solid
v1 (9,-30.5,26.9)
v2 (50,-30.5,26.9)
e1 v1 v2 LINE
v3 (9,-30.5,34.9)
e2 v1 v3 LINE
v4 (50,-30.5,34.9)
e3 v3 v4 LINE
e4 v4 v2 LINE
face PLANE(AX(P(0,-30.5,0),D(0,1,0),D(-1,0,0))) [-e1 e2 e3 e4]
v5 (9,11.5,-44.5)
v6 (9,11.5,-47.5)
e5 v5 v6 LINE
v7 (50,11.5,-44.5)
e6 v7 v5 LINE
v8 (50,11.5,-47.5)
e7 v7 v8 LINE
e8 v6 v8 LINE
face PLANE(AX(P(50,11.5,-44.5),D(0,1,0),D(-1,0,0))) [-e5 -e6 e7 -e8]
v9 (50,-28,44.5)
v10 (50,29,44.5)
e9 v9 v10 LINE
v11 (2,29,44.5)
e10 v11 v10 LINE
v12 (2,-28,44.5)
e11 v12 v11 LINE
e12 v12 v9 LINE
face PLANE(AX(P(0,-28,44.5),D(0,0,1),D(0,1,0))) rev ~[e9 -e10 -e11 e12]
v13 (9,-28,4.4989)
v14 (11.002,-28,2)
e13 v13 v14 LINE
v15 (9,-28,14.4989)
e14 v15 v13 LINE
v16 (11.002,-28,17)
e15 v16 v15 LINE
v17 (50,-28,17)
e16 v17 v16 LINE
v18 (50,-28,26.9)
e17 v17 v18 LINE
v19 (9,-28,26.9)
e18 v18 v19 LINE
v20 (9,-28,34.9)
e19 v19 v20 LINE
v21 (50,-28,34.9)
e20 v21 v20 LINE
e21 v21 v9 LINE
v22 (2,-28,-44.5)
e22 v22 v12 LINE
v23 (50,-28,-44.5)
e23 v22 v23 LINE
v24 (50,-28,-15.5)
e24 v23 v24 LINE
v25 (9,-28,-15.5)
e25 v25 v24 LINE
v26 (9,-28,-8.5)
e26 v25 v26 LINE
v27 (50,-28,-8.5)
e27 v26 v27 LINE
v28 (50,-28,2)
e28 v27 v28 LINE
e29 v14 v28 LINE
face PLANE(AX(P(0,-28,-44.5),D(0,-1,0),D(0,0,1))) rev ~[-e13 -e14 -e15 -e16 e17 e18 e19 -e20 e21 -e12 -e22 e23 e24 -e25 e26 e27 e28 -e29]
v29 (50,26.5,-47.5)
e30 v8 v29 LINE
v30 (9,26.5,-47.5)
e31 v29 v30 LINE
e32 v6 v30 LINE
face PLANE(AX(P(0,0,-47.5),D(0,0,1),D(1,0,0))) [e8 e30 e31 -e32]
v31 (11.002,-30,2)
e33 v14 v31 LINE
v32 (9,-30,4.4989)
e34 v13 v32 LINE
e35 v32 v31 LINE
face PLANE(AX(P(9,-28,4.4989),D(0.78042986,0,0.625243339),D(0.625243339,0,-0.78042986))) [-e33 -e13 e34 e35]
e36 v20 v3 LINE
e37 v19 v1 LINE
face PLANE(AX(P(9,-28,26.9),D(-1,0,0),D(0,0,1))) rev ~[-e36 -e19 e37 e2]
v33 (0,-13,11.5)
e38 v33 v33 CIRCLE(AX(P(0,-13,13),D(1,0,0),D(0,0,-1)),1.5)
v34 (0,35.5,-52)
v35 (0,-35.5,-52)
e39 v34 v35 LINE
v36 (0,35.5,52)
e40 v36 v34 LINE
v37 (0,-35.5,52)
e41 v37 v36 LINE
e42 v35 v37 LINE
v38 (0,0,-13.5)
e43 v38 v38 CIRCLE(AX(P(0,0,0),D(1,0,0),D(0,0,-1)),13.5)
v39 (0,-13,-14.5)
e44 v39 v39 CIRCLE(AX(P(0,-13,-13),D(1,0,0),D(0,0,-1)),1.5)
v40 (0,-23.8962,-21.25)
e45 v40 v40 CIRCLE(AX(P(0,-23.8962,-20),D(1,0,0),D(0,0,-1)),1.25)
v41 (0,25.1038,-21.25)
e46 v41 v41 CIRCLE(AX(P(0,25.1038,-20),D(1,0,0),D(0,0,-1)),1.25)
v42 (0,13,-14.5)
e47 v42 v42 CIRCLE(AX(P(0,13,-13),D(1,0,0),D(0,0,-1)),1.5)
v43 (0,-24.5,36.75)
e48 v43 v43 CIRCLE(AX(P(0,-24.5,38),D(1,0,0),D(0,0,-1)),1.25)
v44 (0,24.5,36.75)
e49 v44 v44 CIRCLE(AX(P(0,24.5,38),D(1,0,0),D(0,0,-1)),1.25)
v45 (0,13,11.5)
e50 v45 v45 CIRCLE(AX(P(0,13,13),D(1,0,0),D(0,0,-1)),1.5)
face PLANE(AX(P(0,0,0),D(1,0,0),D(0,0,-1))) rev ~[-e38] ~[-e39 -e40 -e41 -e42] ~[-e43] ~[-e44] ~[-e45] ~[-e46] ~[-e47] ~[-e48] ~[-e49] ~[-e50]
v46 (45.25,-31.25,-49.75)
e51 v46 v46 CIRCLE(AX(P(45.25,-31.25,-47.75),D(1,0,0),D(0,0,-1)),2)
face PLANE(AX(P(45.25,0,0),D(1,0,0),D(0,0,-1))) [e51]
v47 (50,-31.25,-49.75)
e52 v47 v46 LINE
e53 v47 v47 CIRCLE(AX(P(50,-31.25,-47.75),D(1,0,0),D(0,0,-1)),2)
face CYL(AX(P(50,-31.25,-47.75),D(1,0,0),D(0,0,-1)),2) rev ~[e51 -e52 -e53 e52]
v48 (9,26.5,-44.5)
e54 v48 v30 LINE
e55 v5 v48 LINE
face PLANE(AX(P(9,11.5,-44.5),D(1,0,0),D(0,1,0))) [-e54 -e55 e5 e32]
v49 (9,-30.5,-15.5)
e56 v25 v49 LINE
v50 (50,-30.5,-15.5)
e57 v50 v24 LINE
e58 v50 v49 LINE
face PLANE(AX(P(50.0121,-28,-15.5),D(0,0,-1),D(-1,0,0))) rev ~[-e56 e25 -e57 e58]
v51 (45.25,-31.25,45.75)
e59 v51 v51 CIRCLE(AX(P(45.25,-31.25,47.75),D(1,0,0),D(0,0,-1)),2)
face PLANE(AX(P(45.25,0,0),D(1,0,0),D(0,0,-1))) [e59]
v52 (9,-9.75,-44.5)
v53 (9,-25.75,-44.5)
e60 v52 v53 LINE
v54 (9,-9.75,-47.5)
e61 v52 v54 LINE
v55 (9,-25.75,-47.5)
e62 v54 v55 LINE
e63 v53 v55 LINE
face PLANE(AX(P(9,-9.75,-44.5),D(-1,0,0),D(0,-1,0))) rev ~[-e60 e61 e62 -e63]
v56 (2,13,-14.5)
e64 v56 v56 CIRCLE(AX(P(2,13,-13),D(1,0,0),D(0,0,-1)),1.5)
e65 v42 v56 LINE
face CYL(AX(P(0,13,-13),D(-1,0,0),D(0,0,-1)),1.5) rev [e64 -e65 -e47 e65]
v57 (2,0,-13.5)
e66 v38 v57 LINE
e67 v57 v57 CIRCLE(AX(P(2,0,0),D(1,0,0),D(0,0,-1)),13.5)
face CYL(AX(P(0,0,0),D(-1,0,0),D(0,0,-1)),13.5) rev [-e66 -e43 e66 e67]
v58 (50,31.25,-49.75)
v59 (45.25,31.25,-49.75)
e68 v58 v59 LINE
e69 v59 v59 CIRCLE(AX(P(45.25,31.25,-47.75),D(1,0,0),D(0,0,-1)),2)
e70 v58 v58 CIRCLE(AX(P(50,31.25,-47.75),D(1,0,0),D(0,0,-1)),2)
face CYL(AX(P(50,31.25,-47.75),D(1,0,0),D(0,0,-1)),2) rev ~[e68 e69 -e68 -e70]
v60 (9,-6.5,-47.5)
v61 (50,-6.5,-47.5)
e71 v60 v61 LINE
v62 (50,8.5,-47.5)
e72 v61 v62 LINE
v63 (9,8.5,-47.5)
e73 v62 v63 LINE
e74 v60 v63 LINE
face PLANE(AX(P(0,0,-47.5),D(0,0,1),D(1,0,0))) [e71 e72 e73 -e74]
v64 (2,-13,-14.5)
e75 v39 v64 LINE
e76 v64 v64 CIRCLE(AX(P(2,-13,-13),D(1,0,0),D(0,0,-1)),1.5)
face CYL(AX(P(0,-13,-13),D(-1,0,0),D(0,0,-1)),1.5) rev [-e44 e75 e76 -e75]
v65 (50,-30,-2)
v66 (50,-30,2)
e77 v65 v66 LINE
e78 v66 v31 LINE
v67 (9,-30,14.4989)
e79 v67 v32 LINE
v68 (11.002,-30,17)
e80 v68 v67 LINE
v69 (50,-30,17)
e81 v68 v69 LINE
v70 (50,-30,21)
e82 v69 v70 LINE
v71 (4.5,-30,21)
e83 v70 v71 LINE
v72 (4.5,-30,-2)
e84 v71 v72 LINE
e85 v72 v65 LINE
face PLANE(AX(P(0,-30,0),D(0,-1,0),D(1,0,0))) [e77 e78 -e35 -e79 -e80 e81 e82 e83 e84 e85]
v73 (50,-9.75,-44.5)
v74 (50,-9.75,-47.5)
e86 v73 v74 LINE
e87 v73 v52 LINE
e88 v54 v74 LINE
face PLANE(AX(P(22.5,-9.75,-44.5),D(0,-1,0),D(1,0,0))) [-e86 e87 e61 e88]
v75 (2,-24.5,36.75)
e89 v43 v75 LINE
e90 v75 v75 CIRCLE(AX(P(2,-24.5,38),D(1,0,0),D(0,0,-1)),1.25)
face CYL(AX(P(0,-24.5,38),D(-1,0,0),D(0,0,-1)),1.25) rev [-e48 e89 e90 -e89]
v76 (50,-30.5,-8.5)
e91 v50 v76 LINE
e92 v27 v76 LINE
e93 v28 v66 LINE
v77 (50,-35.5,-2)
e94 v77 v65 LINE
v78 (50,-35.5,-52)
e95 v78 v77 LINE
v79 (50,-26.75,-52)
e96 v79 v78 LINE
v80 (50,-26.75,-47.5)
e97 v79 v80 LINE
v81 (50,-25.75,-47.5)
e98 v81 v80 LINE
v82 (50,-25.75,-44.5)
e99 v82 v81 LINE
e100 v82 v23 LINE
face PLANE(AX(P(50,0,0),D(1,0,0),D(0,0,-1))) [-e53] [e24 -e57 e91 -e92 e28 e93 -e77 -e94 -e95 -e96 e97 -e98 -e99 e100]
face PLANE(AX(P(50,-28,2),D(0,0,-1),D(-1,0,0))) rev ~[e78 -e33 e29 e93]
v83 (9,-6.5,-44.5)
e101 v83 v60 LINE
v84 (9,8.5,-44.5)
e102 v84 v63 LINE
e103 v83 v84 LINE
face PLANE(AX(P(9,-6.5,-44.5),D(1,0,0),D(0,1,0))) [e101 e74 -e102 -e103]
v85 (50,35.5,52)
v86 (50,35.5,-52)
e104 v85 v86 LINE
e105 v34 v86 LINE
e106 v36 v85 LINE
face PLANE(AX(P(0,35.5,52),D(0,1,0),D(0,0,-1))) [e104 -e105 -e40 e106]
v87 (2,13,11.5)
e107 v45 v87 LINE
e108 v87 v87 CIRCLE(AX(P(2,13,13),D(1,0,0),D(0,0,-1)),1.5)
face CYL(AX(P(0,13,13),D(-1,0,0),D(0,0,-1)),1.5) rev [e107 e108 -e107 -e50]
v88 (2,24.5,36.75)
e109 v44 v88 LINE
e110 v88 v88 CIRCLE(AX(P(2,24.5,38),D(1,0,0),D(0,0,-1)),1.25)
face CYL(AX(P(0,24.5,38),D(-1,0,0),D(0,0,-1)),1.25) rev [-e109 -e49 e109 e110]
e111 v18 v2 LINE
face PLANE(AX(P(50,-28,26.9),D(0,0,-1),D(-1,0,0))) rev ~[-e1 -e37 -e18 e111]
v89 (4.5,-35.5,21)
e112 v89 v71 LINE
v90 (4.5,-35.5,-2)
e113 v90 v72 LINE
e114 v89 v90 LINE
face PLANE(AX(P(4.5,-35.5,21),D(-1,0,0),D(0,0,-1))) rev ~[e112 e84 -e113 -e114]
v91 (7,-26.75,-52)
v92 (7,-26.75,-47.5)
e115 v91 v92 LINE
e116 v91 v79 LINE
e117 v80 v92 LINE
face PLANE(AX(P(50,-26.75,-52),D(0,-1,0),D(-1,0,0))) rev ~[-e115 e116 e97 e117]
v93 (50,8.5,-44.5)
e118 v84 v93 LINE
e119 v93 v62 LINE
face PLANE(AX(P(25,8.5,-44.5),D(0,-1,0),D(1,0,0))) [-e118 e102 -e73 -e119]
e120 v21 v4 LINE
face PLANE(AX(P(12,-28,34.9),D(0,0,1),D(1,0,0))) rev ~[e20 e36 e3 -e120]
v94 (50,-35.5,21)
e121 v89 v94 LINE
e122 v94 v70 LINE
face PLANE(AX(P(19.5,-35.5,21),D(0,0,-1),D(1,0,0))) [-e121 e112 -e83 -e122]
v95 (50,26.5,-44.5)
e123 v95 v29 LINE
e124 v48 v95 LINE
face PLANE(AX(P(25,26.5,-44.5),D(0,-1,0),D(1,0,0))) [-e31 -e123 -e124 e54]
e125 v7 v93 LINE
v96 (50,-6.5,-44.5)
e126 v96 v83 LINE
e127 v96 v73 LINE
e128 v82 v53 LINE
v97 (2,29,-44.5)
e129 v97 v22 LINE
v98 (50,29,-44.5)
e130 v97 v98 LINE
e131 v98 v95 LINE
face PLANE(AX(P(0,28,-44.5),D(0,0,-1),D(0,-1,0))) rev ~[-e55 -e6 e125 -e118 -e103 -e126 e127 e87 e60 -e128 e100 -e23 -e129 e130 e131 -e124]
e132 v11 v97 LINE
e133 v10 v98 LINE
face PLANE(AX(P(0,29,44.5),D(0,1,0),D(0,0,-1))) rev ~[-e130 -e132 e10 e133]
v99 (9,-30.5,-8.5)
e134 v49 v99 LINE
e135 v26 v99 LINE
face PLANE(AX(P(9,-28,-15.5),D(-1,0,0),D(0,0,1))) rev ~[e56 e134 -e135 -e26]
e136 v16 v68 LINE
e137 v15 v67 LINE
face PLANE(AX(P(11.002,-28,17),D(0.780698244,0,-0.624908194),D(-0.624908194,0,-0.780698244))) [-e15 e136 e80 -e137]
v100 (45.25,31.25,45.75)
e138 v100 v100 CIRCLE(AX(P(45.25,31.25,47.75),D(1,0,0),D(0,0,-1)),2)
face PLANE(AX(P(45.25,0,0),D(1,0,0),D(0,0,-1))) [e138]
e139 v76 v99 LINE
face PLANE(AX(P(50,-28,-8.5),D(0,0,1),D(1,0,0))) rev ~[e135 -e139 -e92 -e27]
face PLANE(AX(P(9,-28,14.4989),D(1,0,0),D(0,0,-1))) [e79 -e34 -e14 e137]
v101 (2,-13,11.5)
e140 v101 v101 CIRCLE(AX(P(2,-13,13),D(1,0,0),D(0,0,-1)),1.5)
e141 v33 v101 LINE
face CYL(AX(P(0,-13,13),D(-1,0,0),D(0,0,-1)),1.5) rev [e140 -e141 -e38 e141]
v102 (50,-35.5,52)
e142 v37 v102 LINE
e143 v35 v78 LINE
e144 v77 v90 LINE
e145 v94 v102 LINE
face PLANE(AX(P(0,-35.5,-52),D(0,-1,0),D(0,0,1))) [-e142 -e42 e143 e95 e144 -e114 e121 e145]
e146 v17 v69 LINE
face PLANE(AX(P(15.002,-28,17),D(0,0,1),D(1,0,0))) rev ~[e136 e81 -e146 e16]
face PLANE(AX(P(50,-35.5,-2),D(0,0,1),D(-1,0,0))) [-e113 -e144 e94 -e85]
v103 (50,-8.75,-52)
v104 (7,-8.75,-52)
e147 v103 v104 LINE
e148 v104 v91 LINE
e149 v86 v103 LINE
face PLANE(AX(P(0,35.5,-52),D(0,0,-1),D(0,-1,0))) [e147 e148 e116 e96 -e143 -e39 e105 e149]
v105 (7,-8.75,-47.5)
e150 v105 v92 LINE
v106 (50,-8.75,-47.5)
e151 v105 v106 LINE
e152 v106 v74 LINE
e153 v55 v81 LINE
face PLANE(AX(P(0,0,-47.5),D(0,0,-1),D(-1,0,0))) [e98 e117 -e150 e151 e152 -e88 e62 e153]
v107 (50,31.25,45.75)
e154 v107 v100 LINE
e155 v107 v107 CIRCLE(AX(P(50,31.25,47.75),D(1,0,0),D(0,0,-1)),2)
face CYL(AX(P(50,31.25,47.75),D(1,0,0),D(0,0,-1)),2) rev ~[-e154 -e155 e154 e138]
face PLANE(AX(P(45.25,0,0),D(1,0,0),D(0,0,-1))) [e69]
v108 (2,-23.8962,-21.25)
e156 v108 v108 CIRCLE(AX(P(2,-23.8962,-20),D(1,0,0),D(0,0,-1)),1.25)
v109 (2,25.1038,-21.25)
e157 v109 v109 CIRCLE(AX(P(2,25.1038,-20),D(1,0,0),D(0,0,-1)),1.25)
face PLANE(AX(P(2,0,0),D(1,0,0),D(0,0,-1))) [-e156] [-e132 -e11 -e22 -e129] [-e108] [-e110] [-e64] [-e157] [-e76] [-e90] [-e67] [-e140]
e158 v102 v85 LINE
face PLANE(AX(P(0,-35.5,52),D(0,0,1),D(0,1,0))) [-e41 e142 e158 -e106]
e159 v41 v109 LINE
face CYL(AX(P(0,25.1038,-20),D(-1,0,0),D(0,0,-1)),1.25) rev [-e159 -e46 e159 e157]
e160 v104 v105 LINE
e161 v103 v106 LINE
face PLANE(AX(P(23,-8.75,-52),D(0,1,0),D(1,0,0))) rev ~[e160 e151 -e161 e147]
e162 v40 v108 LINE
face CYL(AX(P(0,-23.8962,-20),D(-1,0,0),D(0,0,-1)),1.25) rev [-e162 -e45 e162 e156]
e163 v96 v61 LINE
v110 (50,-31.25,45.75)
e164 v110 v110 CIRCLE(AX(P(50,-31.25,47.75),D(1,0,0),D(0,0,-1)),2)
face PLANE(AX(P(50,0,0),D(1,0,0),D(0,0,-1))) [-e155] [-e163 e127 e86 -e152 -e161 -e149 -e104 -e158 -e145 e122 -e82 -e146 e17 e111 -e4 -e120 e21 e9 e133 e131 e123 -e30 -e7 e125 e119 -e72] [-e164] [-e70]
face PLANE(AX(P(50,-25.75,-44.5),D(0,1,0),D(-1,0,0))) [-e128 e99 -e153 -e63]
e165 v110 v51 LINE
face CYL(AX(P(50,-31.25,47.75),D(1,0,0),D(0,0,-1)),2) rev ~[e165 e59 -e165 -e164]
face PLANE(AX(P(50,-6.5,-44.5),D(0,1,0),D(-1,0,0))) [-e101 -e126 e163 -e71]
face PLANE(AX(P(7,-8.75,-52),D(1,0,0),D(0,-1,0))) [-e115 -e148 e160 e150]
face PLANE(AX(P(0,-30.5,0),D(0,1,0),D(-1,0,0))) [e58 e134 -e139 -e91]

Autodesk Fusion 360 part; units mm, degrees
sketch "Sketch1" plane through (0, 0, 0) normal (1, 0, 0) x (0, 0, -1)
  line L0 (-44.5, 28) -> (44.5, 28)
  line L1 (44.5, 28) -> (44.5, -28)
  line L2 (44.5, -28) -> (-44.5, -28)
  line L3 (-44.5, -28) -> (-44.5, 28)
  line L4 (-44.5, 28) -> (44.5, -28) construction
  line L5 (44.5, 28) -> (-44.5, -28) construction
  circle A0 centre (-38, 24.5) radius 1.25
  circle A1 centre (-38, -24.5) radius 1.25
  circle A2 centre (20, 25.1038) radius 1.25
  circle A3 centre (20, -23.8962) radius 1.25
  line L6 (-52, 35.5) -> (52, 35.5)
  line L7 (52, 35.5) -> (52, -35.5)
  line L8 (52, -35.5) -> (-52, -35.5)
  line L9 (-52, -35.5) -> (-52, 35.5)
  line L10 (-52, 35.5) -> (52, -35.5) construction
  line L11 (52, 35.5) -> (-52, -35.5) construction
  line L12 (-44.5, 28) -> (-44.5, 29)
  line L13 (-44.5, 29) -> (44.5, 29)
  line L14 (44.5, 29) -> (44.5, 28)
  circle A4 centre (0, 0) radius 13.5
  line L15 (-15, 15) -> (15, 15)
  line L16 (15, 15) -> (15, -15)
  line L17 (15, -15) -> (-15, -15)
  line L18 (-15, -15) -> (-15, 15)
  line L19 (-15, 15) -> (15, -15) construction
  line L20 (15, 15) -> (-15, -15) construction
  circle A5 centre (13, 13) radius 1.5
  circle A6 centre (-13, 13) radius 1.5
  circle A7 centre (-13, -13) radius 1.5
  circle A8 centre (13, -13) radius 1.5
  dimension "d1" = 89
  dimension "d2" = 56
  dimension "d3" = 2.5
  dimension "d4" = 3.5
  dimension "d5" = 6.5
  dimension "d6" = 2.5
  dimension "d7" = 6.5
  dimension "d8" = 49
  dimension "d9" = 2.5
  dimension "d10" = 2.5
  dimension "d11" = 49
  dimension "d12" = 58
  dimension "d13" = 58
  dimension "d16" = 104
  dimension "d17" = 71
  dimension "d86" = 27
  dimension "d87" = 30
  dimension "d88" = 30
  dimension "d89" = 3
  dimension "d90" = 3
  dimension "d91" = 3
  dimension "d92" = 3
  dimension "d93" = 2
  dimension "d94" = 2
  dimension "d95" = 2
  dimension "d96" = 2
extrude "Extrude1" add sketch "Sketch1" along normal blind 2 contours L0 L12 L13 L14 | L0 L1 L2 L3 | L15 L16 L17 L18
extrude "Extrude2" add sketch "Sketch1" along normal blind 50 contours L6 L7 L8 L9
sketch "Sketch2" plane through (0, -28, 0) normal (0, 1, 0) x (-1, 0, 0)
  line L0 (-2, -44.5) -> (-2, 44.5)
  line L1 (-2, 44.5) -> (-50, 44.5)
  line L2 (-50, 44.5) -> (-50, -44.5)
  line L3 (-50, -44.5) -> (-2, -44.5)
  line L4 (-9, 34.9) -> (-12, 34.9)
  line L5 (-12, 34.9) -> (-12, 26.9)
  line L6 (-12, 26.9) -> (-9, 26.9)
  line L7 (-9, 26.9) -> (-9, 34.9)
  line L8 (-12, 34.9) -> (-50, 34.9)
  line L9 (-50, 34.9) -> (-50, 26.9)
  line L10 (-50, 26.9) -> (-12, 26.9)
  line L11 (-12, 26.9) -> (-12, 34.9)
  line L12 (-9, 14.4989) -> (-9, 4.4989)
  line L13 (-9, 4.4989) -> (-11.002, 2)
  line L14 (-11.002, 2) -> (-15.002, 2)
  line L15 (-15.002, 2) -> (-15.002, 17)
  line L16 (-15.002, 17) -> (-11.002, 17)
  line L17 (-11.002, 17) -> (-9, 14.4989)
  line L18 (-15.002, 17) -> (-50, 17)
  line L19 (-50, 17) -> (-50, 2)
  line L20 (-50, 2) -> (-15.002, 2)
  line L21 (-15.002, 2) -> (-15.002, 17)
  line L22 (-9, -8.5) -> (-16, -8.5)
  line L23 (-16, -8.5) -> (-16, -15.5)
  line L24 (-16, -15.5) -> (-9, -15.5)
  line L25 (-9, -15.5) -> (-9, -8.5)
  line L26 (-16, -8.5) -> (-50.0121, -8.5)
  line L27 (-50.0121, -8.5) -> (-50.0121, -15.5)
  line L28 (-50.0121, -15.5) -> (-16, -15.5)
  line L29 (-16, -15.5) -> (-16, -8.5)
  dimension "d20" = 3
  dimension "d21" = 8
  dimension "d22" = 9.6
  dimension "d30" = 10
  dimension "d33" = 4
  dimension "d34" = 15
  dimension "d35" = 4
  dimension "d36" = 7
  dimension "d37" = 7
  dimension "d38" = 27.5
  dimension "d39" = 7
  dimension "d40" = 7
  dimension "d41" = 7
  dimension "d42" = 53
extrude "Extrude3" cut sketch "Sketch2" against normal blind 2.5 contours L2 L26 L27 L28 | L2 L23 L26 L28 L29 | L2 L5 L8 L9 L10 L11 | L22 L23 L24 L25 L29 | L4 L5 L6 L7 L11 | L2 L15 L18 L19 L20 L21 | L12 L13 L14 L15 L16 L17 L21
sketch "Sketch3" plane through (0, -35.5, 0) normal (0, -1, 0) x (1, 0, 0)
  line L0 (0, 52) -> (0, -52)
  line L1 (0, -52) -> (50, -52)
  line L2 (50, -52) -> (50, 52)
  line L3 (50, 52) -> (0, 52)
  line L4 (19.5, 21) -> (4.5, 21)
  line L5 (4.5, 21) -> (4.5, -2)
  line L6 (4.5, -2) -> (19.5, -2)
  line L7 (19.5, -2) -> (19.5, 21)
  line L8 (19.5, 21) -> (50, 21)
  line L9 (50, 21) -> (50, -2)
  line L10 (50, -2) -> (19.5, -2)
  line L11 (19.5, -2) -> (19.5, 21)
  dimension "d45" = 15
  dimension "d46" = 23
  dimension "d47" = 31
  dimension "d48" = 4.5
extrude "Extrude4" cut sketch "Sketch3" against normal blind 5.5 contours L2 L7 L8 L9 L10 L11 | L4 L5 L6 L7 L11
sketch "Sketch4" plane through (0, 0, -44.5) normal (0, 0, 1) x (1, 0, 0)
  line L0 (2, 29) -> (2, -28)
  line L1 (2, -28) -> (50, -28)
  line L2 (50, -28) -> (50, 29)
  line L3 (9, -25.75) -> (22.5, -25.75)
  line L4 (22.5, -25.75) -> (22.5, -9.75)
  line L5 (22.5, -9.75) -> (9, -9.75)
  line L6 (9, -9.75) -> (9, -25.75)
  line L7 (25, -6.5) -> (9, -6.5)
  line L8 (9, -6.5) -> (9, 8.5)
  line L9 (9, 8.5) -> (25, 8.5)
  line L10 (25, 8.5) -> (25, -6.5)
  line L11 (25, 11.5) -> (9, 11.5)
  line L12 (9, 11.5) -> (9, 26.5)
  line L13 (9, 26.5) -> (25, 26.5)
  line L14 (25, 26.5) -> (25, 11.5)
  line L15 (25, 26.5) -> (50, 26.5)
  line L16 (50, 26.5) -> (50, 11.5)
  line L17 (50, 11.5) -> (25, 11.5)
  line L18 (25, 11.5) -> (25, 26.5)
  line L19 (25, 8.5) -> (50, 8.5)
  line L20 (50, 8.5) -> (50, -6.5)
  line L21 (50, -6.5) -> (25, -6.5)
  line L22 (25, -6.5) -> (25, 8.5)
  line L23 (22.5, -9.75) -> (50, -9.75)
  line L24 (50, -9.75) -> (50, -25.75)
  line L25 (50, -25.75) -> (22.5, -25.75)
  line L26 (22.5, -25.75) -> (22.5, -9.75)
  line L27 (50, 29) -> (2, 29)
  dimension "d51" = 13.5
  dimension "d52" = 16
  dimension "d53" = 2.25
  dimension "d54" = 7
  dimension "d55" = 16
  dimension "d56" = 15
  dimension "d57" = 7
  dimension "d58" = 21.5
  dimension "d59" = 16
  dimension "d60" = 15
  dimension "d61" = 7
  dimension "d62" = 39.5
  dimension "d65" = 15
extrude "Extrude5" cut sketch "Sketch4" against normal blind 3 contours L2 L14 L15 L16 L17 L18 | L2 L4 L23 L24 L25 L26 | L11 L12 L13 L14 L18 | L3 L4 L5 L6 L26 | L2 L10 L19 L20 L21 L22 | L7 L8 L9 L10 L22
sketch "Sketch5" plane through (0, 0, -52) normal (0, 0, -1) x (-1, 0, 0)
  line L0 (0, -35.5) -> (0, 35.5)
  line L1 (0, 35.5) -> (-50, 35.5)
  line L2 (-50, 35.5) -> (-50, -35.5)
  line L3 (-50, -35.5) -> (0, -35.5)
  line L4 (-7, -26.75) -> (-23, -26.75)
  line L5 (-23, -26.75) -> (-23, -8.75)
  line L6 (-23, -8.75) -> (-7, -8.75)
  line L7 (-7, -8.75) -> (-7, -26.75)
  line L8 (-23, -8.75) -> (-50, -8.75)
  line L9 (-50, -8.75) -> (-50, -26.75)
  line L10 (-50, -26.75) -> (-23, -26.75)
  line L11 (-23, -26.75) -> (-23, -8.75)
  dimension "d66" = 16
  dimension "d67" = 18
  dimension "d68" = 8.75
  dimension "d69" = 7
extrude "Extrude6" cut sketch "Sketch5" against normal blind 4.5 contours L2 L5 L8 L9 L10 L11 | L4 L5 L6 L7 L11
sketch "Sketch6" plane through (50, 0, 0) normal (1, 0, 0) x (0, 0, -1)
  line L0 (47.5, -8.75) -> (52, -8.75)
  line L1 (52, -8.75) -> (52, 35.5)
  line L2 (52, 35.5) -> (-52, 35.5)
  line L3 (-52, 35.5) -> (-52, -35.5)
  line L4 (-52, -35.5) -> (-21, -35.5)
  line L5 (-21, -35.5) -> (-21, -30)
  line L6 (-21, -30) -> (-17, -30)
  line L7 (-17, -30) -> (-17, -28)
  line L8 (-17, -28) -> (-26.9, -28)
  line L9 (-26.9, -28) -> (-26.9, -30.5)
  line L10 (-26.9, -30.5) -> (-34.9, -30.5)
  line L11 (-34.9, -30.5) -> (-34.9, -28)
  line L12 (-34.9, -28) -> (-44.5, -28)
  line L13 (-44.5, -28) -> (-44.5, 29)
  line L14 (44.5, 29) -> (44.5, 26.5)
  line L15 (44.5, 26.5) -> (47.5, 26.5)
  line L16 (47.5, 26.5) -> (47.5, 11.5)
  line L17 (47.5, 11.5) -> (44.5, 11.5)
  line L18 (44.5, 11.5) -> (44.5, 8.5)
  line L19 (44.5, 8.5) -> (47.5, 8.5)
  line L20 (47.5, 8.5) -> (47.5, -6.5)
  line L21 (47.5, -6.5) -> (44.5, -6.5)
  line L22 (44.5, -6.5) -> (44.5, -9.75)
  line L23 (44.5, -9.75) -> (47.5, -9.75)
  line L24 (47.5, -9.75) -> (47.5, -8.75)
  circle A0 centre (-47.75, 31.25) radius 2
  circle A1 centre (-47.75, -31.25) radius 2
  circle A2 centre (47.75, 31.25) radius 2
  circle A3 centre (47.75, -31.25) radius 2
  line L25 (52, -35.5) -> (52, -26.75)
  line L26 (2, -35.5) -> (52, -35.5)
  line L27 (-44.5, 29) -> (44.5, 29)
  dimension "d72" = 4
  dimension "d73" = 4
  dimension "d74" = 4
  dimension "d75" = 4
  dimension "d76" = 4.25
  dimension "d77" = 4.25
  dimension "d78" = 4.25
  dimension "d79" = 4.25
  dimension "d80" = 4.25
  dimension "d81" = 4.25
  dimension "d82" = 4.25
  dimension "d83" = 4.25
extrude "Extrude7" cut sketch "Sketch6" against normal blind 4.75 contours A0 | A1 | A2 | A3
